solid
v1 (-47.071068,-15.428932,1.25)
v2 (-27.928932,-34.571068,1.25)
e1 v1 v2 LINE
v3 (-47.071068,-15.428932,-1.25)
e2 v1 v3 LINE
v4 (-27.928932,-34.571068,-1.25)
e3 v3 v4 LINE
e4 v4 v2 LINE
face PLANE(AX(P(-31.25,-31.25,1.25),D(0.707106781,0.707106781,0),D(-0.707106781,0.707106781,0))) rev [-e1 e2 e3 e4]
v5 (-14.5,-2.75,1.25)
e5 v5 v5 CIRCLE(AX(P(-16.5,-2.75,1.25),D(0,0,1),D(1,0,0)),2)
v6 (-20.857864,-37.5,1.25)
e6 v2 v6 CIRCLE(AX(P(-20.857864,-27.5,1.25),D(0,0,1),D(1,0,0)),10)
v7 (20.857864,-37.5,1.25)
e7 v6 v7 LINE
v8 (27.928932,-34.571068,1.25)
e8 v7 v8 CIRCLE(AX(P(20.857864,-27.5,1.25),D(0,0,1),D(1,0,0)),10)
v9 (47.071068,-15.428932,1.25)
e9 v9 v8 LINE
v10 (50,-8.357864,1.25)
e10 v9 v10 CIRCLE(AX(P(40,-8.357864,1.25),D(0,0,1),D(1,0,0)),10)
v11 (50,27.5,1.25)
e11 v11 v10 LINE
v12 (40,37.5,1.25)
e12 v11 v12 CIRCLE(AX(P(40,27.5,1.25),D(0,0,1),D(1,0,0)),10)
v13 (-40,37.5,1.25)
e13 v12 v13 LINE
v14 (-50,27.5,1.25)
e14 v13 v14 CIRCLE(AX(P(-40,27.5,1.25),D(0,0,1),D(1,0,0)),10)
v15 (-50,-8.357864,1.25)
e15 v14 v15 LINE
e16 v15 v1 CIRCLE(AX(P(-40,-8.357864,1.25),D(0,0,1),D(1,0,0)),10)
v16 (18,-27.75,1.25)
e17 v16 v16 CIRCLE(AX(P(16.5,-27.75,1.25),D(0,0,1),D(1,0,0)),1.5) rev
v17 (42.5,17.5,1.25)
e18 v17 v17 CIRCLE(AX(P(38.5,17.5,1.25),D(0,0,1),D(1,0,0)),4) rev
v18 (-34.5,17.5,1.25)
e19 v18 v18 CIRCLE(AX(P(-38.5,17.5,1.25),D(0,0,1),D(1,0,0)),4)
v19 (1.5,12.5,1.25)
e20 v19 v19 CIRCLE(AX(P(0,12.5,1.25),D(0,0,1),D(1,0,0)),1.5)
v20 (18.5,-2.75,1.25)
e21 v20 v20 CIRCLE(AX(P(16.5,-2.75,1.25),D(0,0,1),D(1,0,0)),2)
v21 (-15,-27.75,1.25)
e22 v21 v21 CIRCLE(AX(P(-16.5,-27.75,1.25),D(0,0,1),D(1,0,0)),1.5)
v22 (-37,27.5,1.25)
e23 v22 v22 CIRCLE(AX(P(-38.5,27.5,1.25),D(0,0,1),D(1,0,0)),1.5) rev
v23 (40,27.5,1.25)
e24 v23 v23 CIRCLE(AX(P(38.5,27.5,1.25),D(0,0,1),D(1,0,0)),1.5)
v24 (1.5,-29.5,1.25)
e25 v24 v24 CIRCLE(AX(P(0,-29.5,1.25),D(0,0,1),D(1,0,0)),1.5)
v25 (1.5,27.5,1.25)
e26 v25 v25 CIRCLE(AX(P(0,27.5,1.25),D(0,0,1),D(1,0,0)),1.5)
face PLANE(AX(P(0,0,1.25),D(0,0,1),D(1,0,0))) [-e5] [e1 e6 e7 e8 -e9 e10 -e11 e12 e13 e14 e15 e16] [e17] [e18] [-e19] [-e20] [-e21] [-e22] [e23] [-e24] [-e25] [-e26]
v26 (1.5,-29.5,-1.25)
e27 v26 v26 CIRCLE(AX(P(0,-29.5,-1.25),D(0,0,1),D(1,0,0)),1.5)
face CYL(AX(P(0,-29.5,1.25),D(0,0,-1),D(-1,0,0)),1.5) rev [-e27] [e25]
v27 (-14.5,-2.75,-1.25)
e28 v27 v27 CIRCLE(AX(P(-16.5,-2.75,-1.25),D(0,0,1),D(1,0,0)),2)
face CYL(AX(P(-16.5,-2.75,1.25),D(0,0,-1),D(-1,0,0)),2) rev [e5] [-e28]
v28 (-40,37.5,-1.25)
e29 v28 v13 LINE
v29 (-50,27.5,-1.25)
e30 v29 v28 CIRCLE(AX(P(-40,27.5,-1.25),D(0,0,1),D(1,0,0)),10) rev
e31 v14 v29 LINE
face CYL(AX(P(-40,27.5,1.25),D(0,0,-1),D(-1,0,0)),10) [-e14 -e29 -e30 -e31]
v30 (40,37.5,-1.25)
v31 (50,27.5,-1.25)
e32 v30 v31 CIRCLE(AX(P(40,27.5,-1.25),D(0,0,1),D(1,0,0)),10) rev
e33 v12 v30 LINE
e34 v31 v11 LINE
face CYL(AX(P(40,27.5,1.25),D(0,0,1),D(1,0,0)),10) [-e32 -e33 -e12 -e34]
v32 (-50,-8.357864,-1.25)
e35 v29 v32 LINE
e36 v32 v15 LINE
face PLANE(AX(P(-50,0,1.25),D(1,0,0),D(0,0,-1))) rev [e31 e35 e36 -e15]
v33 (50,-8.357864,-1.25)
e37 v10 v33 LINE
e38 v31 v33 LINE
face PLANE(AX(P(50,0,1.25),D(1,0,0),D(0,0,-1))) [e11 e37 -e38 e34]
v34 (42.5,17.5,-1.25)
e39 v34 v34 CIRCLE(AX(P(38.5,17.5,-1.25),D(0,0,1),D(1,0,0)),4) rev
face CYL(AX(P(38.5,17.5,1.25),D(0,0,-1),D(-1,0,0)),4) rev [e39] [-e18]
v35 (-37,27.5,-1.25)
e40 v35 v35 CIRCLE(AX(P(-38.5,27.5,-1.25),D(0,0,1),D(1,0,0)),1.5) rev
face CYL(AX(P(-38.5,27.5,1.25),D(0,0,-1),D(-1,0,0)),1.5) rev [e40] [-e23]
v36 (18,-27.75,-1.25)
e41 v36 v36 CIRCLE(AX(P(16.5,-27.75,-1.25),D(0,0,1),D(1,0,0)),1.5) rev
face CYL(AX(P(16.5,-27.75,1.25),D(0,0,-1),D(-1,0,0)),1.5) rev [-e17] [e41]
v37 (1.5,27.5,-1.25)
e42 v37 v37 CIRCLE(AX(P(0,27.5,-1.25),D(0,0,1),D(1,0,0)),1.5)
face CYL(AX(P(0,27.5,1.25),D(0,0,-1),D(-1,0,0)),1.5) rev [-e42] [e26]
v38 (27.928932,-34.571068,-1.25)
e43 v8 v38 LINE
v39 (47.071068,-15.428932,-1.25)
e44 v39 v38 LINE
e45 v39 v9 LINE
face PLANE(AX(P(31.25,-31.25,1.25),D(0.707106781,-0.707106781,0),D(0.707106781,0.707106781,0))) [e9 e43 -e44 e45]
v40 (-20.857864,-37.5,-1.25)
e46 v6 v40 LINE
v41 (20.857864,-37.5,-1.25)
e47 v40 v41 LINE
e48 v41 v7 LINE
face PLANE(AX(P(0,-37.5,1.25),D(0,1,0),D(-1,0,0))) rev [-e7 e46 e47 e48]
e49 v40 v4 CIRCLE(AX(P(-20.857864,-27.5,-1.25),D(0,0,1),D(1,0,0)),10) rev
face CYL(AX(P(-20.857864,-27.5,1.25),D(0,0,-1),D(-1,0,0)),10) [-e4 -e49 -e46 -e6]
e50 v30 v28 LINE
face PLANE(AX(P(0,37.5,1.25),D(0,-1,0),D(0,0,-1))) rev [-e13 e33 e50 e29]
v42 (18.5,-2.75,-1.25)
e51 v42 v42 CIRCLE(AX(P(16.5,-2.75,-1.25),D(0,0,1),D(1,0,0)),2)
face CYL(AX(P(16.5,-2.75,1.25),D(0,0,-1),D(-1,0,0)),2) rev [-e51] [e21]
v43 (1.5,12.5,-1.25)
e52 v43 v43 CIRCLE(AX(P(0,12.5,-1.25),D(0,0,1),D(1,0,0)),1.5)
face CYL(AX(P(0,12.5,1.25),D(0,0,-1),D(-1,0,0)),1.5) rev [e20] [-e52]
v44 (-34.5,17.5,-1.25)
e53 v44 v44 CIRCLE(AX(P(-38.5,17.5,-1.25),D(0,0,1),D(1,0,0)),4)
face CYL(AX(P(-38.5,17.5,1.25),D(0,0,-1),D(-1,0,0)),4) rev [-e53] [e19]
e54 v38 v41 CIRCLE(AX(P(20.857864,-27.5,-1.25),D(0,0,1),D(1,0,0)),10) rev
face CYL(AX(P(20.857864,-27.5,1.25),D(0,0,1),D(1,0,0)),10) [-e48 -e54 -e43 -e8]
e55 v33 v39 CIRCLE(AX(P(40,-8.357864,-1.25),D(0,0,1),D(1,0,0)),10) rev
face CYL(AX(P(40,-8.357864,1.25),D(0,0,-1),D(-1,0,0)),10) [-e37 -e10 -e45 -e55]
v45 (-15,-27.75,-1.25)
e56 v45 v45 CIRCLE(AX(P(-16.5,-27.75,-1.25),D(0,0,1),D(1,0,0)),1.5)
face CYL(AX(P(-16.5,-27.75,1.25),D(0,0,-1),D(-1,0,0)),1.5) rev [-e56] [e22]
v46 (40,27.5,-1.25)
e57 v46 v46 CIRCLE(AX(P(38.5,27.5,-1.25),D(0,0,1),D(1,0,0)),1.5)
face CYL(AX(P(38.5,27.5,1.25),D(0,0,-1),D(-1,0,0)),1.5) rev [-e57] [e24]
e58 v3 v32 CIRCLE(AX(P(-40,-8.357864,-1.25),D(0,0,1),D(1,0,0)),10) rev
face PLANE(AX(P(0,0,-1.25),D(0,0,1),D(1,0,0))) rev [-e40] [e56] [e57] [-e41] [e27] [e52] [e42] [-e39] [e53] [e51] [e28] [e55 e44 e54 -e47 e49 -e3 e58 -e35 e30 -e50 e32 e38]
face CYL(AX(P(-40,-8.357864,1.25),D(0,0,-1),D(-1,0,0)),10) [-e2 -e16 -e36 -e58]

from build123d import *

# Parameters (mm, degrees)
SKETCH1_3_R         = 1.5
SKETCH1_3_R_2       = 2
SKETCH1_3_R_3       = 4
BOSS_EXTRUDE2_DEPTH = 1.25
FILLET2_R           = 10


with BuildPart() as part:
    # Sketch1<3> → Boss-Extrude2 (new, symmetric)
    with BuildSketch(Plane.XY):
        Polygon((50, -12.5), (50, 37.5), (-50, 37.5), (-50, -12.5), (-25, -37.5), (25, -37.5), align=None)
        with Locations((-16.5, -27.75)):
            Circle(SKETCH1_3_R, mode=Mode.SUBTRACT)
        with Locations((0, -29.5)):
            Circle(SKETCH1_3_R, mode=Mode.SUBTRACT)
        with Locations((16.5, -27.75)):
            Circle(SKETCH1_3_R, mode=Mode.SUBTRACT)
        with Locations((16.5, -2.75)):
            Circle(SKETCH1_3_R_2, mode=Mode.SUBTRACT)
        with Locations((-38.5, 17.5)):
            Circle(SKETCH1_3_R_3, mode=Mode.SUBTRACT)
        with Locations((-38.5, 27.5)):
            Circle(SKETCH1_3_R, mode=Mode.SUBTRACT)
        with Locations((0, 12.5)):
            Circle(SKETCH1_3_R, mode=Mode.SUBTRACT)
        with Locations((38.5, 17.5)):
            Circle(SKETCH1_3_R_3, mode=Mode.SUBTRACT)
        with Locations((0, 27.5)):
            Circle(SKETCH1_3_R, mode=Mode.SUBTRACT)
        with Locations((38.5, 27.5)):
            Circle(SKETCH1_3_R, mode=Mode.SUBTRACT)
        with Locations((-16.5, -2.75)):
            Circle(SKETCH1_3_R_2, mode=Mode.SUBTRACT)
    extrude(amount=BOSS_EXTRUDE2_DEPTH, both=True)

    # Fillet2
    fillet2_edges = [part.edges().sort_by_distance(p)[0] for p in [
        (50, -12.5, 0),
        (25, -37.5, 0),
        (-25, -37.5, 0),
        (-50, -12.5, 0),
        (-50, 37.5, 0),
        (50, 37.5, 0),
    ]]
    fillet(fillet2_edges, radius=FILLET2_R)


solid = part.part
